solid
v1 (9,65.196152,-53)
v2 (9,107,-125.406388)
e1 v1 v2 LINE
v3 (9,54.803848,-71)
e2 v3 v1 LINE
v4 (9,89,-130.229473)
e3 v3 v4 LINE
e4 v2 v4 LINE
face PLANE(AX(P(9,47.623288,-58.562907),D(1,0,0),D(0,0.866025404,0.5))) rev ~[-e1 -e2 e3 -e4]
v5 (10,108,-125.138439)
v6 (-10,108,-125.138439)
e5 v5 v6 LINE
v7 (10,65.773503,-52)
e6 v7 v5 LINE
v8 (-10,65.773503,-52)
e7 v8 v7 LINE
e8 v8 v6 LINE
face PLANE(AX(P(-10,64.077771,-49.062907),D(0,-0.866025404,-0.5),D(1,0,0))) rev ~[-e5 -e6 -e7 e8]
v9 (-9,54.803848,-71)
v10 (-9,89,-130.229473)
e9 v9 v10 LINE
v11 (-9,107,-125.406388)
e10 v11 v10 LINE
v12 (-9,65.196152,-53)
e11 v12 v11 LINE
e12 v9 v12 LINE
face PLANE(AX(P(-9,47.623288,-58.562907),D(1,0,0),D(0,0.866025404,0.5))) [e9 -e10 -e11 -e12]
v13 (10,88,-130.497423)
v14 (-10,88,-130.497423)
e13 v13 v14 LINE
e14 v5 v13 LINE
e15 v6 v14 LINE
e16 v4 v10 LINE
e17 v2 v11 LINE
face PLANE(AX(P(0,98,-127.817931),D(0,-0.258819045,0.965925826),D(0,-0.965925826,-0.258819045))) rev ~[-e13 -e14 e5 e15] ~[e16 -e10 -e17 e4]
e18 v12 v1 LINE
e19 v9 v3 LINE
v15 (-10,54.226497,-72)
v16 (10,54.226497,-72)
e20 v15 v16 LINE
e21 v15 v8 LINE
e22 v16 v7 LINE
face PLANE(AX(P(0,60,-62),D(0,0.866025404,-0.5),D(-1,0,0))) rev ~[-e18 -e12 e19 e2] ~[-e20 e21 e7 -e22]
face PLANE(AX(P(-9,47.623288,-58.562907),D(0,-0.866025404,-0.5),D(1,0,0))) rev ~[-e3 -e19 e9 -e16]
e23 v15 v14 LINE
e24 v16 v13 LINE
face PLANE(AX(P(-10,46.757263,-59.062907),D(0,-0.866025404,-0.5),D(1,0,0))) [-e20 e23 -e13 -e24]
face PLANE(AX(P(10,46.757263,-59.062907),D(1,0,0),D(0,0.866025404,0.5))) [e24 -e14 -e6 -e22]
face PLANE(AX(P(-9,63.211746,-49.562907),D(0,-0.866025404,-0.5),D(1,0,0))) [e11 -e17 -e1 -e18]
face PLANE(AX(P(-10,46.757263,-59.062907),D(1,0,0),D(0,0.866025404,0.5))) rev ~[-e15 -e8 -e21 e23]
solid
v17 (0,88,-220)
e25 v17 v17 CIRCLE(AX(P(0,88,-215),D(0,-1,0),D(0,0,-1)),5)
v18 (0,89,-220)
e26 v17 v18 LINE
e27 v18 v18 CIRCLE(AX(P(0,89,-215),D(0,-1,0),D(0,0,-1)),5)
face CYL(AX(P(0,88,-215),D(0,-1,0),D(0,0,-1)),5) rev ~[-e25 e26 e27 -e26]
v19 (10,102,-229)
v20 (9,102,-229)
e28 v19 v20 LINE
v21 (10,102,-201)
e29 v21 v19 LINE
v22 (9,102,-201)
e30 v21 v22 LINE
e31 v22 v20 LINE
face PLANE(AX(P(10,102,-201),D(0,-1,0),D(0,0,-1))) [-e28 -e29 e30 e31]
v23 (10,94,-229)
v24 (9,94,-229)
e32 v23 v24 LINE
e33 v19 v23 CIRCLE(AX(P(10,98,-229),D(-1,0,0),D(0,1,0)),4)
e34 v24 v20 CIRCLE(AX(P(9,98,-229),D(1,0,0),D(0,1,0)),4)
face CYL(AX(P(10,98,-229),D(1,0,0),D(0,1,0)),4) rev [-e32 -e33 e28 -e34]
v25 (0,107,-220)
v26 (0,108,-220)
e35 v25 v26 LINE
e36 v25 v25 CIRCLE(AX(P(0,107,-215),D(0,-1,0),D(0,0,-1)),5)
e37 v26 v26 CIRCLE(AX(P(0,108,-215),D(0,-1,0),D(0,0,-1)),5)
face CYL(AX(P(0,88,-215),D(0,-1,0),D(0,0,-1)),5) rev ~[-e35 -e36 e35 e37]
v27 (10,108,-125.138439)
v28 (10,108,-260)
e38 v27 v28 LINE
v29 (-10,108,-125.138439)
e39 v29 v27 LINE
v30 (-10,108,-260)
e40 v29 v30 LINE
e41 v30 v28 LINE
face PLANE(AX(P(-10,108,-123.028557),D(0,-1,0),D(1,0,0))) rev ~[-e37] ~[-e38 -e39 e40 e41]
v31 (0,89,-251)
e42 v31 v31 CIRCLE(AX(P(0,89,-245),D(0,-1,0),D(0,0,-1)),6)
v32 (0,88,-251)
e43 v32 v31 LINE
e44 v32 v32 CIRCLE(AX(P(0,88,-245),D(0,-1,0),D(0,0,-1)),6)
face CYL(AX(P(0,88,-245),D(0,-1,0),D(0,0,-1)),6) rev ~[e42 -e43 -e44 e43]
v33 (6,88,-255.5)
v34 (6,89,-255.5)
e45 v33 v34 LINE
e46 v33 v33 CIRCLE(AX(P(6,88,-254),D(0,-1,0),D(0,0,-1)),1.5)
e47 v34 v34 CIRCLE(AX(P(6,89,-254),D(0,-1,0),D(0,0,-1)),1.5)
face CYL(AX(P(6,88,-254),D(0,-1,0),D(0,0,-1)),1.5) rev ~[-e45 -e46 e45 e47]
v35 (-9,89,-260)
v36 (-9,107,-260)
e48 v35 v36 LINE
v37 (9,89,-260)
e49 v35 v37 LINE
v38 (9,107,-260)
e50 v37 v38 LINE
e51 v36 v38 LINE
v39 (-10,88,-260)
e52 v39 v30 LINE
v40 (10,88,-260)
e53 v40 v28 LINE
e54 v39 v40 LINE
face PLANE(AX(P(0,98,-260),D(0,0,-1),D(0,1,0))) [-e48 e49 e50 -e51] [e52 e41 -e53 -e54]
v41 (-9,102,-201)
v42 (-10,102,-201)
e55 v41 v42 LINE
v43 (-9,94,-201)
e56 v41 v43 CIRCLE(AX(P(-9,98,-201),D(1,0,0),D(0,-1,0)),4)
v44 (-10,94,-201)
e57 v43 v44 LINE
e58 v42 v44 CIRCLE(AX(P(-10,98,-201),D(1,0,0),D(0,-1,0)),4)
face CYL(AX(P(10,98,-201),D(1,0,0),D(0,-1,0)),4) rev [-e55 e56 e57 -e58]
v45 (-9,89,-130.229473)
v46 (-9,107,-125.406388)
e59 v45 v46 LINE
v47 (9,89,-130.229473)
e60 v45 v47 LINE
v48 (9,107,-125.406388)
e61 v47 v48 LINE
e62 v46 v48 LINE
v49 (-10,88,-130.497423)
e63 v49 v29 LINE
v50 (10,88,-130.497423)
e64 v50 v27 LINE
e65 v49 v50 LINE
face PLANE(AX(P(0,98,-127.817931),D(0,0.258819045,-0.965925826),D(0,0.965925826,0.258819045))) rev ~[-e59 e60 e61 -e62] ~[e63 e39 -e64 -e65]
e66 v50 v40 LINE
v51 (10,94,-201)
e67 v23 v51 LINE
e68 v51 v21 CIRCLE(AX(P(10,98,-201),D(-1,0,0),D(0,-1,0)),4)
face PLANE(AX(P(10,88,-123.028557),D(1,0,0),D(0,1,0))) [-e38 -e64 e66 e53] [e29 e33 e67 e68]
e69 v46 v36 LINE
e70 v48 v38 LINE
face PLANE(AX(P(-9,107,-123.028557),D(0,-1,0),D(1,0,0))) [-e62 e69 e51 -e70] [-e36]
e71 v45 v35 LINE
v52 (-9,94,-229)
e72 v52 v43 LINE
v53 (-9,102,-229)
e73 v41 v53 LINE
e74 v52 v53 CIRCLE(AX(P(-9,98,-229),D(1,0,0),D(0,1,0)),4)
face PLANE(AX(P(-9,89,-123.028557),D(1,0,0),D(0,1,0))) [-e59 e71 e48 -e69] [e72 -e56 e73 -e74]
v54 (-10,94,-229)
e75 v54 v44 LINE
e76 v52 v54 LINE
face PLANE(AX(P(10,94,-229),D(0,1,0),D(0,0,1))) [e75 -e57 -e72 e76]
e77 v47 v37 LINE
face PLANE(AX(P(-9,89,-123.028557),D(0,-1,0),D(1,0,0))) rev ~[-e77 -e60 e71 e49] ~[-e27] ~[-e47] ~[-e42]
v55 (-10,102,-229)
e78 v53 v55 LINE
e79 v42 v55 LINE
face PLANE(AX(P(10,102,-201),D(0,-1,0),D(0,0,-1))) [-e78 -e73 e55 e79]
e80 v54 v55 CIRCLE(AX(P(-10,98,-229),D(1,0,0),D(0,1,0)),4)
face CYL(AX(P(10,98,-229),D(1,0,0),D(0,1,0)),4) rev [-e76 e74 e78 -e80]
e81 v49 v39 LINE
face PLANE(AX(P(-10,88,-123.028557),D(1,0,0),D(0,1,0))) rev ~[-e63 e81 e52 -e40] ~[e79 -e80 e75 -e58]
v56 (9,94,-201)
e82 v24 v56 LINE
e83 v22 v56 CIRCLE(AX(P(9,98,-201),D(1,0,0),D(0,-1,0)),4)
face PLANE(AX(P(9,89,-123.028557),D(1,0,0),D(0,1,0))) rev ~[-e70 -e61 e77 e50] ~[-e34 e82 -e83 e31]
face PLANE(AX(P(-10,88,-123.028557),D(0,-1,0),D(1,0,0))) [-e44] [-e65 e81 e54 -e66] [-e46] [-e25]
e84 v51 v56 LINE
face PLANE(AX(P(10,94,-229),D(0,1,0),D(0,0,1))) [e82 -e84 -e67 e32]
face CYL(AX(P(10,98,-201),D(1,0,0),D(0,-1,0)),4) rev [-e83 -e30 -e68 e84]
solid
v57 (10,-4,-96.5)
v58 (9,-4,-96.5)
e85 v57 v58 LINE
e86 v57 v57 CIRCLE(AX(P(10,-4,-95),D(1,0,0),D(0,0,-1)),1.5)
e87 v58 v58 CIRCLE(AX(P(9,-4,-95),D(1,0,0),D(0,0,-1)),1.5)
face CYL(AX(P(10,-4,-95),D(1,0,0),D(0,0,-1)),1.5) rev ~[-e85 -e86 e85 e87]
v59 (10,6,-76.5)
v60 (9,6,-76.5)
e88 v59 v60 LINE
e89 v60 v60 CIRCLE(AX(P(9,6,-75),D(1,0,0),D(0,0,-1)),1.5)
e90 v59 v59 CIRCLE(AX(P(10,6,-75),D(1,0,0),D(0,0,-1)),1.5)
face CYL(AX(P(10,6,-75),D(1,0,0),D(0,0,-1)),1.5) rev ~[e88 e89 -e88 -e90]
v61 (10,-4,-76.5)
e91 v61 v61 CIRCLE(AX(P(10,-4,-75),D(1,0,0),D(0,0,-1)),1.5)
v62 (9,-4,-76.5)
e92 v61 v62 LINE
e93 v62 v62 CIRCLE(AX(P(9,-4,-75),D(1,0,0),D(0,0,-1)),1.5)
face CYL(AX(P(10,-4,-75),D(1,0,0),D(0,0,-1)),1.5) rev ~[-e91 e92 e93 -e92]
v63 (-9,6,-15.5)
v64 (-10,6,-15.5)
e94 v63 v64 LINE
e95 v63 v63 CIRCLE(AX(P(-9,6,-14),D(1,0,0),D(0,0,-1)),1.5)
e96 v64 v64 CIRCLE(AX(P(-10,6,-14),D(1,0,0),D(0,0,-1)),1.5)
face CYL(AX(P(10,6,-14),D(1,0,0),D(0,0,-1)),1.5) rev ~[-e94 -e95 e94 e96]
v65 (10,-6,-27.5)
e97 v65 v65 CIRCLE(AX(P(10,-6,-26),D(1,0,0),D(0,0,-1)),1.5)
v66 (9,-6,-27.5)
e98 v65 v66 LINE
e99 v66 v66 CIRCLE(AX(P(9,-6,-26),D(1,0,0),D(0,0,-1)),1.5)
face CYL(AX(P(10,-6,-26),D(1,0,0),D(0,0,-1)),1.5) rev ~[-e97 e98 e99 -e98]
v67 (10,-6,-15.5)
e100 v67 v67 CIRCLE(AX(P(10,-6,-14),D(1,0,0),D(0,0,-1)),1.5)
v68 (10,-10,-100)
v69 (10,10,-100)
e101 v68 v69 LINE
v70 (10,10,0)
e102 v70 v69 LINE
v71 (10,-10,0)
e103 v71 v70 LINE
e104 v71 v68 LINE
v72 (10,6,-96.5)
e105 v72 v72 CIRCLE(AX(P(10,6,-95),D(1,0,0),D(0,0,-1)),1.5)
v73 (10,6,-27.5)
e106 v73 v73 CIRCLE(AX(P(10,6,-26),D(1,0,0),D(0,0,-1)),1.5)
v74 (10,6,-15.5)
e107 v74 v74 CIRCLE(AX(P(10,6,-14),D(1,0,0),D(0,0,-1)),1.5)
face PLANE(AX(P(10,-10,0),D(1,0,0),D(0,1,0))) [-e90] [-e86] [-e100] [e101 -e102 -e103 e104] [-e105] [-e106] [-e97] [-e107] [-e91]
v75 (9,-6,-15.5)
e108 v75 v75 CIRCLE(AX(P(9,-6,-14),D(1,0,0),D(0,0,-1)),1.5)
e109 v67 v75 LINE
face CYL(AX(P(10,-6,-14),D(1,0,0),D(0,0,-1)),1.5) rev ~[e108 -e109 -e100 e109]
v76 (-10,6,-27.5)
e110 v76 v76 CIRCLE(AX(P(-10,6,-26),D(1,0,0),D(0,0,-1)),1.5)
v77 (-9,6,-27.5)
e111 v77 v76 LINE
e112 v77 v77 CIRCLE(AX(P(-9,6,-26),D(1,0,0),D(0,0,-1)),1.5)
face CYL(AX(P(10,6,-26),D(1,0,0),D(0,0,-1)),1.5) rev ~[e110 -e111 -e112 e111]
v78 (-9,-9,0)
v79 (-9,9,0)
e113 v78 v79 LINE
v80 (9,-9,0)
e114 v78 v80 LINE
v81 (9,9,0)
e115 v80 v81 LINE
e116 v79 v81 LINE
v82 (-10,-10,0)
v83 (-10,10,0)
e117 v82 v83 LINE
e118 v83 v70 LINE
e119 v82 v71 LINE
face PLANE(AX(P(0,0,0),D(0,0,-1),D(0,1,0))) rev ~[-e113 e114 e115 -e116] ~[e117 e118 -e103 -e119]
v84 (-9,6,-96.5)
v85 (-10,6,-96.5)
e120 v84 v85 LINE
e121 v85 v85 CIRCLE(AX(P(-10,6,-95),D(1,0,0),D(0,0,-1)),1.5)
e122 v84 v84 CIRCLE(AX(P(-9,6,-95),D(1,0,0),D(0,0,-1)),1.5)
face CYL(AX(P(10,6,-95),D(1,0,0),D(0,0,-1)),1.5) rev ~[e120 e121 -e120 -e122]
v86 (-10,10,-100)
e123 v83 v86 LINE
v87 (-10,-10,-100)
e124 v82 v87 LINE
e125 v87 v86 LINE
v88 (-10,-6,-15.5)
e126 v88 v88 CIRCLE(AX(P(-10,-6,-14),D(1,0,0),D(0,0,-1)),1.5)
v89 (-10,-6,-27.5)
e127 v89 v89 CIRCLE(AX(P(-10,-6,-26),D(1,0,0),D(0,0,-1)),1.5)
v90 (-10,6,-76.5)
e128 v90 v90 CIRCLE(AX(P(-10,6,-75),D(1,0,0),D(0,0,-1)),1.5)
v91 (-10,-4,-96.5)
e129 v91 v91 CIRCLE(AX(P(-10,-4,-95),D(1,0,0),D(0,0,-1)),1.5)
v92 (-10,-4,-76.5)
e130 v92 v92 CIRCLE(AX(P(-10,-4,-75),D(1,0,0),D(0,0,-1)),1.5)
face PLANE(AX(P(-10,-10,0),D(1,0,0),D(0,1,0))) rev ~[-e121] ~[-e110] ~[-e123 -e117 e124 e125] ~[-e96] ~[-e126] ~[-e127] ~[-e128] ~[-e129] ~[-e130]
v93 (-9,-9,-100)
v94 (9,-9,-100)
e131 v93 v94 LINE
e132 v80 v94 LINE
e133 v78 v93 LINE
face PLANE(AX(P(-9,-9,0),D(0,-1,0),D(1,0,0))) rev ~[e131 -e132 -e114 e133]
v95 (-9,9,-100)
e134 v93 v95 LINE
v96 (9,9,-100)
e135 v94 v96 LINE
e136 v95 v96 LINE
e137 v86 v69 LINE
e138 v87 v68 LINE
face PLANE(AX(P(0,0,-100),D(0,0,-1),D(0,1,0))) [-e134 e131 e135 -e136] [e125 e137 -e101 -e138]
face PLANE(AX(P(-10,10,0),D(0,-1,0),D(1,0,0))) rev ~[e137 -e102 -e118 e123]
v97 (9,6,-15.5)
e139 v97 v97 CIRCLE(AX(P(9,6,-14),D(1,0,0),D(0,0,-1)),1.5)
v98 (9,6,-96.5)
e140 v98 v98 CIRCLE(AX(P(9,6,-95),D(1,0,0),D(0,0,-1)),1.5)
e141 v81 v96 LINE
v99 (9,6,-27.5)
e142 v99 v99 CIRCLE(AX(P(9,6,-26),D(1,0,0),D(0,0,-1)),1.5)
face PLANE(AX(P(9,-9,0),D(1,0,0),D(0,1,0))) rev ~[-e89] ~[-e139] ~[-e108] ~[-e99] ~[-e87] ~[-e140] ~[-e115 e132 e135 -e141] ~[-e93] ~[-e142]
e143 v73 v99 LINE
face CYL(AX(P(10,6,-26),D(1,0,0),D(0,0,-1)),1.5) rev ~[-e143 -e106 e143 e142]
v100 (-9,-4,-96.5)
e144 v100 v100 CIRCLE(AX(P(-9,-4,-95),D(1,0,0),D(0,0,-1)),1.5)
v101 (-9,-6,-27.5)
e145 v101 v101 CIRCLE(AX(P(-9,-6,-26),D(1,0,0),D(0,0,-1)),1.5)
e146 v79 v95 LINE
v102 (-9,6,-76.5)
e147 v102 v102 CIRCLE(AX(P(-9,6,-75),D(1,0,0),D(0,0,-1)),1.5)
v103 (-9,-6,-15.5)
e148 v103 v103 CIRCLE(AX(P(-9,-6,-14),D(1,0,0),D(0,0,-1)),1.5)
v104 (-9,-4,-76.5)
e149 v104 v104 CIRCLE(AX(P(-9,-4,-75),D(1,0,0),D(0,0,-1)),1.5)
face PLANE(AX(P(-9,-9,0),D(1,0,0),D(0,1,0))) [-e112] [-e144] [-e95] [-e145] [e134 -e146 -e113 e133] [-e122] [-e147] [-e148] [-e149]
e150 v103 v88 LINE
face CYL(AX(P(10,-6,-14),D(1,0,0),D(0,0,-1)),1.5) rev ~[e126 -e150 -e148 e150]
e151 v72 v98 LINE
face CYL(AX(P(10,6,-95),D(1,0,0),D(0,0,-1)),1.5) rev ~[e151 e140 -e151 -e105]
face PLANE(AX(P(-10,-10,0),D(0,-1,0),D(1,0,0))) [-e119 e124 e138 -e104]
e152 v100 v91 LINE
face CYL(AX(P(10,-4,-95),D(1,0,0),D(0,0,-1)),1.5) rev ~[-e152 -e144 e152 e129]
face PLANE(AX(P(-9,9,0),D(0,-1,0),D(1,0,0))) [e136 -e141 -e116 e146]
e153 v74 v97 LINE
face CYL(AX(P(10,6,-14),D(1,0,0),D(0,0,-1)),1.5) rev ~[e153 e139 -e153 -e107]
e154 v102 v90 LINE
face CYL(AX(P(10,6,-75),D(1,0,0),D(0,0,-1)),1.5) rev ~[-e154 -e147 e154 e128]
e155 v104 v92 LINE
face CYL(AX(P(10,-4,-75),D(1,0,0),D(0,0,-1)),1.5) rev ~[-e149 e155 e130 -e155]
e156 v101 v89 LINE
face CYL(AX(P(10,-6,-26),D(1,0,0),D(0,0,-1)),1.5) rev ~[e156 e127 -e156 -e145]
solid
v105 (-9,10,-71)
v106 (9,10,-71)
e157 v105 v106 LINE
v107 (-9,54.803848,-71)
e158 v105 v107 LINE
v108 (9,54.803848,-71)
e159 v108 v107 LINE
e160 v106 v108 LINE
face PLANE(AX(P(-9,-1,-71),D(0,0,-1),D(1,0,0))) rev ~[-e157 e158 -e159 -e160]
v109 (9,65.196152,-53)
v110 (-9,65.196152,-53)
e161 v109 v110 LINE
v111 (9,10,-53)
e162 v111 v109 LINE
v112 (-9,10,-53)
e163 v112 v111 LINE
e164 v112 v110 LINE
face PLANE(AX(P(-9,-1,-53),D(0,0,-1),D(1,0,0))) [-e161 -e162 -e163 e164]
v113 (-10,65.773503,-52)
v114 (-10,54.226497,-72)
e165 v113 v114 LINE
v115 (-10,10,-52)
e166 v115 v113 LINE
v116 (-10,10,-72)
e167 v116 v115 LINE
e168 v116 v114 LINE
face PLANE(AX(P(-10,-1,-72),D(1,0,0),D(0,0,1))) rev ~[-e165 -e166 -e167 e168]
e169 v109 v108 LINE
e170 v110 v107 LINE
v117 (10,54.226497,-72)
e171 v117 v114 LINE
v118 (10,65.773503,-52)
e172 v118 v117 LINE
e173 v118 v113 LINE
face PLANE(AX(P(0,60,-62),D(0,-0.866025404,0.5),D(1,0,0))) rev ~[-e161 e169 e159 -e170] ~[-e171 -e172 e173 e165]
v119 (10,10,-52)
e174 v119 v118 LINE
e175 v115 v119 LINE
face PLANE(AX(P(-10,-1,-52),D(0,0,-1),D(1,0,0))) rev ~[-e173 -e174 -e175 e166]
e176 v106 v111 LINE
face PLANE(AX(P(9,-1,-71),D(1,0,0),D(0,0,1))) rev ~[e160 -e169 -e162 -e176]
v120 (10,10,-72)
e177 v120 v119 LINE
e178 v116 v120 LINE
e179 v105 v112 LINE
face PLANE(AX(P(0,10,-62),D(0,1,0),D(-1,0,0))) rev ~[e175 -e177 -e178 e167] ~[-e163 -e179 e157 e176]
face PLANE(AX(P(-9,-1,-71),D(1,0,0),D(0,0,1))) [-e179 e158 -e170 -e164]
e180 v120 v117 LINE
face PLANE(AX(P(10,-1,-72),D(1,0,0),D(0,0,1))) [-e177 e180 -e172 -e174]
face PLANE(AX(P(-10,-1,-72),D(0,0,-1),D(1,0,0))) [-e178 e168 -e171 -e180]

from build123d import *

# Parameters (mm, degrees)
SKETCH_11_W                = 20
SKETCH_11_H                = 20
SKETCH_11_W_2              = 18
SKETCH_11_H_2              = 18
F_20X20X1_14_DEPTH         = 100
SKETCH_11_ON_SEGMENT_2_W   = 20
SKETCH_11_ON_SEGMENT_2_H   = 20
SKETCH_11_ON_SEGMENT_2_W_2 = 18
SKETCH_11_ON_SEGMENT_2_H_2 = 18
F_20X20X1_14_2_DEPTH       = 70.164965809
SKETCH_11_ON_SEGMENT_3_W   = 20
SKETCH_11_ON_SEGMENT_3_H   = 20
SKETCH_11_ON_SEGMENT_3_W_2 = 18
SKETCH_11_ON_SEGMENT_3_H_2 = 18
F_20X20X1_14_3_DEPTH       = 89.954339629
SKETCH_11_ON_SEGMENT_4_W   = 20
SKETCH_11_ON_SEGMENT_4_H   = 20
SKETCH_11_ON_SEGMENT_4_W_2 = 18
SKETCH_11_ON_SEGMENT_4_H_2 = 18
F_20X20X1_14_4_DEPTH       = 136.971443132
SKETCH_12_R                = 1.5
CUT_EXTRUDE_1_DEPTH        = 283.248117797
SKETCH_13_R                = 5
CUT_EXTRUDE_2_DEPTH        = 279.035968896
CUT_EXTRUDE_3_DEPTH        = 283.248117797
SKETCH_15_R                = 6
CUT_EXTRUDE_4_DEPTH        = 1
SKETCH_16_R                = 1.5
CUT_EXTRUDE_5_DEPTH        = 1
SKETCH_17_R                = 1.5
CUT_EXTRUDE_6_DEPTH        = 20


with BuildPart() as part:
    # 草图11 → 铝管 20X20X1(14) (new body)
    with BuildSketch(Plane.YX):
        Rectangle(SKETCH_11_W, SKETCH_11_H)
        Rectangle(SKETCH_11_W_2, SKETCH_11_H_2, mode=Mode.SUBTRACT)
    extrude(amount=F_20X20X1_14_DEPTH)

    # 草图12 → 切除-拉伸1 (cut, through all)
    with BuildSketch(Plane(origin=(10, 0, 0), x_dir=(0, 0, -1), z_dir=(1, 0, 0))):
        with Locations((14, 6)):
            Circle(SKETCH_12_R)
        with Locations((14, -6)):
            Circle(SKETCH_12_R)
        with Locations((26, 6)):
            Circle(SKETCH_12_R)
        with Locations((26, -6)):
            Circle(SKETCH_12_R)
    extrude(amount=-CUT_EXTRUDE_1_DEPTH, mode=Mode.SUBTRACT)

    # 草图17 → 切除-拉伸6 (cut)
    with BuildSketch(Plane(origin=(10, 0, 0), x_dir=(0, 0, -1), z_dir=(1, 0, 0))):
        with Locations((95, -4)):
            Circle(SKETCH_17_R)
        with Locations((95, 6)):
            Circle(SKETCH_17_R)
        with Locations((75, 6)):
            Circle(SKETCH_17_R)
        with Locations((75, -4)):
            Circle(SKETCH_17_R)
    extrude(amount=-CUT_EXTRUDE_6_DEPTH, mode=Mode.SUBTRACT)


with BuildPart() as body_2:
    # 草图11 on segment 2 (carried to segment 2) → 20X20X1_14 2 (new body)
    with BuildSketch(Plane(origin=(0, -1, -62), x_dir=(0, 0, 1), z_dir=(0, 1, 0))):
        Rectangle(SKETCH_11_ON_SEGMENT_2_W, SKETCH_11_ON_SEGMENT_2_H)
        Rectangle(SKETCH_11_ON_SEGMENT_2_W_2, SKETCH_11_ON_SEGMENT_2_H_2, mode=Mode.SUBTRACT)
    extrude(amount=F_20X20X1_14_2_DEPTH)

    # 20X20X1_14 2 mitre 1
    split(bisect_by=Plane(origin=(0, 60, -62), x_dir=(1, 0, 0), z_dir=(0, -0.866025404, 0.5)), keep=Keep.TOP)

    # 20X20X1_14 2 mitre 2
    split(bisect_by=Plane(origin=(0, 10, -62), x_dir=(-1, 0, 0), z_dir=(0, 1, 0)), keep=Keep.TOP)


with BuildPart() as body_3:
    # 草图11 on segment 3 (carried to segment 3) → 20X20X1_14 3 (new body)
    with BuildSketch(Plane(origin=(0, 55.417517095, -54.062906784), x_dir=(0, 0.866025404, 0.5), z_dir=(0, 0.5, -0.866025404))):
        Rectangle(SKETCH_11_ON_SEGMENT_3_W, SKETCH_11_ON_SEGMENT_3_H)
        Rectangle(SKETCH_11_ON_SEGMENT_3_W_2, SKETCH_11_ON_SEGMENT_3_H_2, mode=Mode.SUBTRACT)
    extrude(amount=F_20X20X1_14_3_DEPTH)

    # 20X20X1_14 3 mitre 1
    split(bisect_by=Plane(origin=(0, 60, -62), x_dir=(-1, 0, 0), z_dir=(0, 0.866025404, -0.5)), keep=Keep.TOP)

    # 20X20X1_14 3 mitre 2
    split(bisect_by=Plane(origin=(0, 98, -127.817930688), x_dir=(0, -0.965925826, -0.258819045), z_dir=(0, -0.258819045, 0.965925826)), keep=Keep.TOP)


with BuildPart() as body_4:
    # 草图11 on segment 4 (carried to segment 4) → 20X20X1_14 4 (new body)
    with BuildSketch(Plane(origin=(0, 98, -123.028556868), x_dir=(0, 1, 0), z_dir=(0, 0, -1))):
        Rectangle(SKETCH_11_ON_SEGMENT_4_W, SKETCH_11_ON_SEGMENT_4_H)
        Rectangle(SKETCH_11_ON_SEGMENT_4_W_2, SKETCH_11_ON_SEGMENT_4_H_2, mode=Mode.SUBTRACT)
    extrude(amount=F_20X20X1_14_4_DEPTH)

    # 20X20X1_14 4 mitre 1
    split(bisect_by=Plane(origin=(0, 98, -127.817930688), x_dir=(0, 0.965925826, 0.258819045), z_dir=(0, 0.258819045, -0.965925826)), keep=Keep.TOP)

    # 草图13 → 切除-拉伸2 (cut, through all)
    with BuildSketch(Plane.XZ.offset(-88)):
        with Locations(Location((0, -215, 0), (0, 0, 270))):
            Circle(SKETCH_13_R)
    extrude(amount=-CUT_EXTRUDE_2_DEPTH, mode=Mode.SUBTRACT)

    # 草图14 → 切除-拉伸3 (cut, through all)
    with BuildSketch(Plane(origin=(10, 0, 0), x_dir=(0, 0, -1), z_dir=(1, 0, 0))):
        with BuildLine():
            Line((201, 102), (229, 102))
            ThreePointArc((229, 102), (233, 98), (229, 94))
            Line((229, 94), (201, 94))
            ThreePointArc((201, 94), (197, 98), (201, 102))
        make_face()
    extrude(amount=-CUT_EXTRUDE_3_DEPTH, mode=Mode.SUBTRACT)

    # 草图15 → 切除-拉伸4 (cut)
    with BuildSketch(Plane.XZ.offset(-88)):
        with Locations(Location((0, -245, 0), (0, 0, 270))):
            Circle(SKETCH_15_R)
    extrude(amount=-CUT_EXTRUDE_4_DEPTH, mode=Mode.SUBTRACT)

    # 草图16 → 切除-拉伸5 (cut)
    with BuildSketch(Plane.XZ.offset(-88)):
        with Locations(Location((6, -254, 0), (0, 0, 270))):
            Circle(SKETCH_16_R)
    extrude(amount=-CUT_EXTRUDE_5_DEPTH, mode=Mode.SUBTRACT)


solid = Compound([part.part, body_2.part, body_3.part, body_4.part])
